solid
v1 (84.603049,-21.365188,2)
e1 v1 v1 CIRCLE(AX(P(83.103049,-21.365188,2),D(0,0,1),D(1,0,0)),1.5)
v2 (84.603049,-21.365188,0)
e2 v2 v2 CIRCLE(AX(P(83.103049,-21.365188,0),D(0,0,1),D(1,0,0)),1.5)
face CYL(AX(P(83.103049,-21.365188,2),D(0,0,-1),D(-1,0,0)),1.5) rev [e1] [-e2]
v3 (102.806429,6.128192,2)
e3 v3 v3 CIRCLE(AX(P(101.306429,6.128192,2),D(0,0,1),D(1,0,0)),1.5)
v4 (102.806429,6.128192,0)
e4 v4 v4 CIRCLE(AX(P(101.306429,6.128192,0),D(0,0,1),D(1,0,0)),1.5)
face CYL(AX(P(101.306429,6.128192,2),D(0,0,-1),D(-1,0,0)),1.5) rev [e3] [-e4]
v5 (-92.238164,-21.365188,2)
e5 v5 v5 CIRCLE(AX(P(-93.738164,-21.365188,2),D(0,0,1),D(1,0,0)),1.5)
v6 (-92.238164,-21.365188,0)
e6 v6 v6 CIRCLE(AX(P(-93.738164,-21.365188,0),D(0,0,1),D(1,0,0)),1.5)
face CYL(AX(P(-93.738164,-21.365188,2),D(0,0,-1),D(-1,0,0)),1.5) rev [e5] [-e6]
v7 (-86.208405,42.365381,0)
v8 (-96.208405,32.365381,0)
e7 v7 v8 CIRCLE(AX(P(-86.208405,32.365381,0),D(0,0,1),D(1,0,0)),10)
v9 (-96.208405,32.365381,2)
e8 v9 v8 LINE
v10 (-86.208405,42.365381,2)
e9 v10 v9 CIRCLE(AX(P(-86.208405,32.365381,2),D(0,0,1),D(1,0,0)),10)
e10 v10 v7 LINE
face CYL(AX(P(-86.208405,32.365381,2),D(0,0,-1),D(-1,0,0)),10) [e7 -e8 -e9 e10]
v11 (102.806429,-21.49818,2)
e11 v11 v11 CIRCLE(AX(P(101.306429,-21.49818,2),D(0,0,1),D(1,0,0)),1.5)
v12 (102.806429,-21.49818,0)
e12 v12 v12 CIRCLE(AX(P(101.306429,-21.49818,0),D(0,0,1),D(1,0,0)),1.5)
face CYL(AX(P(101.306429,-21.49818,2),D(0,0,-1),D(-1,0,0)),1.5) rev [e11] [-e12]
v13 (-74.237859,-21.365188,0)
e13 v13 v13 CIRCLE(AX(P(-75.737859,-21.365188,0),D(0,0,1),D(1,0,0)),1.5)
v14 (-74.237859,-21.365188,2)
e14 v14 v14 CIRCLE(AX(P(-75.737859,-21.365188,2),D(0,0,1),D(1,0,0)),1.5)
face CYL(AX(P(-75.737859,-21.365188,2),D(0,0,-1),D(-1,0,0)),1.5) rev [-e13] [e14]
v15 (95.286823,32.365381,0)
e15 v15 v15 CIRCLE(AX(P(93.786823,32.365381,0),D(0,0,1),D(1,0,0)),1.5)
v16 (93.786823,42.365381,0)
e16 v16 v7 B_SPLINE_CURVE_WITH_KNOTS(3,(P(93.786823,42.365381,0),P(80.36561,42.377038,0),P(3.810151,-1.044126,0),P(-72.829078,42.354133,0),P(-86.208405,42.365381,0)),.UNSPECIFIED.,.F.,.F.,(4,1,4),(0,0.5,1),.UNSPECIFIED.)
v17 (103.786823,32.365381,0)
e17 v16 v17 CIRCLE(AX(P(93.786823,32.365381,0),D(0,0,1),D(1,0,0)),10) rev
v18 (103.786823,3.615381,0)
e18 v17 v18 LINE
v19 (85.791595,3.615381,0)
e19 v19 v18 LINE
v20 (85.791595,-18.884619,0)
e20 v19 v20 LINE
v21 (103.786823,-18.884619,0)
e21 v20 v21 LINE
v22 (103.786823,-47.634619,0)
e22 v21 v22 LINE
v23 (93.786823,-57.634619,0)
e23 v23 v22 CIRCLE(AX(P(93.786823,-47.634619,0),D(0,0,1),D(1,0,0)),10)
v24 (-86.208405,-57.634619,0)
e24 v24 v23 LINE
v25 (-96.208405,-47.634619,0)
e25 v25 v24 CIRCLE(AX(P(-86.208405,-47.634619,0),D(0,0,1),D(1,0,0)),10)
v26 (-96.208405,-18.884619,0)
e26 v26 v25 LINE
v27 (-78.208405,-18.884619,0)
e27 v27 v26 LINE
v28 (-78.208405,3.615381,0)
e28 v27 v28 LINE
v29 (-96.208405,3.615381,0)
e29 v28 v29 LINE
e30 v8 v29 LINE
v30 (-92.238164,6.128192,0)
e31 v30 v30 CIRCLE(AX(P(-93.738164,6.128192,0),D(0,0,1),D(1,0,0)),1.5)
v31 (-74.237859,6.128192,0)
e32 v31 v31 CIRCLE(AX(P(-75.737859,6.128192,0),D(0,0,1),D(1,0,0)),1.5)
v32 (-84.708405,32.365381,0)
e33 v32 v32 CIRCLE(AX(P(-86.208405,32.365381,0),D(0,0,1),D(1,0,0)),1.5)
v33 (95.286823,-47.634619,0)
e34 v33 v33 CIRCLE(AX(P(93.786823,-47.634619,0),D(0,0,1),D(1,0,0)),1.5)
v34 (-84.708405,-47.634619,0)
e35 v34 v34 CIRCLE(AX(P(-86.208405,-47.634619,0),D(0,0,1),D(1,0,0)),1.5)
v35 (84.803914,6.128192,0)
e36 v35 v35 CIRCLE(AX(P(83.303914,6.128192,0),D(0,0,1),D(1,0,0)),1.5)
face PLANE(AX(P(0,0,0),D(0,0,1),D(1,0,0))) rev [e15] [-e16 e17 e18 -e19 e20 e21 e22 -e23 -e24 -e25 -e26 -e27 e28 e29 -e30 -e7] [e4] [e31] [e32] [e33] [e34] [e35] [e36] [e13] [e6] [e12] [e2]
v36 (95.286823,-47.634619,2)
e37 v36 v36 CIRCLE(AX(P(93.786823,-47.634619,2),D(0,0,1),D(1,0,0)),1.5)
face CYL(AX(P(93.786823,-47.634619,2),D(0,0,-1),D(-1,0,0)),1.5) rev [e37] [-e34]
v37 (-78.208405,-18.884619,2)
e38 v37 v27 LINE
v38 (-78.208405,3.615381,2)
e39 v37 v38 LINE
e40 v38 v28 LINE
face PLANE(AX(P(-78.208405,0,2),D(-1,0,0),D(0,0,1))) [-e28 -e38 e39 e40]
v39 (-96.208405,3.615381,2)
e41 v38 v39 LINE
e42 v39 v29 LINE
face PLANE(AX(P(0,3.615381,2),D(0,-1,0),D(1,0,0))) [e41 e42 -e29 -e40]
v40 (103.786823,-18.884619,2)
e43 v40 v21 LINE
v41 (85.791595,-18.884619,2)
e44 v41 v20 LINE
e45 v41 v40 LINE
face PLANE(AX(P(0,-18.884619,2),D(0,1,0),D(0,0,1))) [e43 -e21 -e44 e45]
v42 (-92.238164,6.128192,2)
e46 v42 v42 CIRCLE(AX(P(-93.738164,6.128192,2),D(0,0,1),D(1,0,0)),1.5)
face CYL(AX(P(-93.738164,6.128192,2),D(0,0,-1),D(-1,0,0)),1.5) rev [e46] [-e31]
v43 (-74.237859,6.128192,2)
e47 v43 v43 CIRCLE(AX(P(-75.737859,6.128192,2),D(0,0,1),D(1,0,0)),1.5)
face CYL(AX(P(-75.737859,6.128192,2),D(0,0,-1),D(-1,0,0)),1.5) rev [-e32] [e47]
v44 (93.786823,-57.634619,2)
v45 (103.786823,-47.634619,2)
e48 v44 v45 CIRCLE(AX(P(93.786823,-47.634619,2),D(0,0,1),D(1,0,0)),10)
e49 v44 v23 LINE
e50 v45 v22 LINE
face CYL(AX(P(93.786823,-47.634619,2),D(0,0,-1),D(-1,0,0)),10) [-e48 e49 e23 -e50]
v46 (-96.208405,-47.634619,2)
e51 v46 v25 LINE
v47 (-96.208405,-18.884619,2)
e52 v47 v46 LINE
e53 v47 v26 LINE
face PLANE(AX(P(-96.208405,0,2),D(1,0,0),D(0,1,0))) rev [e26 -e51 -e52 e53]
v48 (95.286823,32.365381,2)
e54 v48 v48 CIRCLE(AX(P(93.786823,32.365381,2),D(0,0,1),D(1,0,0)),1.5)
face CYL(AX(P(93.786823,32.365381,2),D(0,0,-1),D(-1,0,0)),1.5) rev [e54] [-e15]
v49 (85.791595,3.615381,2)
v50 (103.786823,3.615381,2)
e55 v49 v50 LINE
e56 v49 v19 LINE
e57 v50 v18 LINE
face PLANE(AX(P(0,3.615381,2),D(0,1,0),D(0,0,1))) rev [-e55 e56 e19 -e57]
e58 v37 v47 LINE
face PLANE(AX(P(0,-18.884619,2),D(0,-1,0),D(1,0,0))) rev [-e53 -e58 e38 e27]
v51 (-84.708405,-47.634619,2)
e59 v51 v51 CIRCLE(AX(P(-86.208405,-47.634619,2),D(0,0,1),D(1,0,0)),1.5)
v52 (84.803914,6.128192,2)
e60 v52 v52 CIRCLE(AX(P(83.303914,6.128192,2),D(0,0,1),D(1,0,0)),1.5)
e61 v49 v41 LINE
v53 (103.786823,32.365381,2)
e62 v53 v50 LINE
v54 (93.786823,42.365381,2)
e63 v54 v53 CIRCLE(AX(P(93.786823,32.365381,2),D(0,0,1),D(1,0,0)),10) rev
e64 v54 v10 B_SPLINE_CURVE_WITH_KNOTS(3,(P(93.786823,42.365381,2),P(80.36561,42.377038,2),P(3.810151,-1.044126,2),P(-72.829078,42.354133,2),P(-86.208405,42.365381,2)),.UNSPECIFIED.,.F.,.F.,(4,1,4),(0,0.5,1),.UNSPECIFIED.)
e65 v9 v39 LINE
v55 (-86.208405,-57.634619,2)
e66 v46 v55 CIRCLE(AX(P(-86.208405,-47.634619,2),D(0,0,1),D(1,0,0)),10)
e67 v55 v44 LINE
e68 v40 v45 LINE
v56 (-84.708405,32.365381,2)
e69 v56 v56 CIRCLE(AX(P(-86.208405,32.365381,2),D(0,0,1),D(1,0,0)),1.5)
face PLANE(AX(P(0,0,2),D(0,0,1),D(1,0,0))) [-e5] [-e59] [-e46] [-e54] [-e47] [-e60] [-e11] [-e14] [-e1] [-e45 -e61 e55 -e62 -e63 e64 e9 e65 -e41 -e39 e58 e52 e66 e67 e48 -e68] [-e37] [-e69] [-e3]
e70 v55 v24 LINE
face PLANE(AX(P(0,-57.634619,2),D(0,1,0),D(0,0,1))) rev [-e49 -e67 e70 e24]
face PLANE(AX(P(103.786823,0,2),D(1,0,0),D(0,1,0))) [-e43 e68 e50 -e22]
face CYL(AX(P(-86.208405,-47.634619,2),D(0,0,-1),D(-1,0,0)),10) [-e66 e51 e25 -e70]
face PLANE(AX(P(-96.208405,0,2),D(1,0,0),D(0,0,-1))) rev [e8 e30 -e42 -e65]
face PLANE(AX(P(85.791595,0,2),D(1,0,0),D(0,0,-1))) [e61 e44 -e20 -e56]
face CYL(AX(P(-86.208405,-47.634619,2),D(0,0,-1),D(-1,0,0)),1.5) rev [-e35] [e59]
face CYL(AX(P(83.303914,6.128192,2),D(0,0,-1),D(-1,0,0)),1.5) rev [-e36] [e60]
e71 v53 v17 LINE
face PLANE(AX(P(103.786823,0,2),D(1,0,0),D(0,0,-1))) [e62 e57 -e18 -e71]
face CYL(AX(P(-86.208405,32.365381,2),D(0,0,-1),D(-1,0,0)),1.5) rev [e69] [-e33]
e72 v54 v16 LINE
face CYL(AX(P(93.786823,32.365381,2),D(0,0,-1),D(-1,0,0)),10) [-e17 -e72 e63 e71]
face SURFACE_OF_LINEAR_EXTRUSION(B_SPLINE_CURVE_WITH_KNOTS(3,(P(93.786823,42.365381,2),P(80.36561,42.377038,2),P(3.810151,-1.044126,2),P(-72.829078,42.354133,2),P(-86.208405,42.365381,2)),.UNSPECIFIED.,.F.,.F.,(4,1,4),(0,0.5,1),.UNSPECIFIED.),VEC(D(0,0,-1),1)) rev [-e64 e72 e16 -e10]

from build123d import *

# Parameters (mm, degrees)
SKETCH1_R           = 1.5
BOSS_EXTRUDE5_DEPTH = 2


with BuildPart() as part:
    # Sketch1 → Boss-Extrude5 (new body)
    with BuildSketch(Plane.XY):
        with BuildLine():
            Line((-96.208405317, 32.365381328), (-96.208405317, 3.615381328))
            Line((-96.208405317, 3.615381328), (-78.208405317, 3.615381328))
            Line((-78.208405317, 3.615381328), (-78.208405317, -7.634618672))
            Line((-78.208405317, -7.634618672), (-78.208405317, -18.884618672))
            Line((-78.208405317, -18.884618672), (-96.208405317, -18.884618672))
            Line((-96.208405317, -18.884618672), (-96.208405317, -47.634618672))
            ThreePointArc((-96.208405317, -47.634618672), (-93.279473129, -54.705686484), (-86.208405317, -57.634618672))
            Line((-86.208405317, -57.634618672), (93.786822591, -57.634618672))
            ThreePointArc((93.786822591, -57.634618672), (100.857890403, -54.705686484), (103.786822591, -47.634618672))
            Line((103.786822591, -47.634618672), (103.786822591, -18.884618672))
            Line((103.786822591, -18.884618672), (85.791594683, -18.884618672))
            Line((85.791594683, -18.884618672), (85.791594683, -7.634618672))
            Line((85.791594683, -7.634618672), (85.791594683, 3.615381328))
            Line((85.791594683, 3.615381328), (103.786822591, 3.615381328))
            Line((103.786822591, 3.615381328), (103.786822591, 32.365381328))
            ThreePointArc((103.786822591, 32.365381328), (100.857890403, 39.43644914), (93.786822591, 42.365381328))
            add(Edge.make_bspline(
                [(93.786822591, 42.365381328), (80.365609536, 42.377038483), (3.810151403, -1.044125651), (-72.829077796, 42.354133189), (-86.208405317, 42.365381328)],
                knots=[0, 0, 0, 0, 0.5, 1, 1, 1, 1], degree=3))
            ThreePointArc((-86.208405317, 42.365381328), (-93.279473129, 39.43644914), (-96.208405317, 32.365381328))
        make_face()
        with Locations((93.786822591, 32.365381328)):
            Circle(SKETCH1_R, mode=Mode.SUBTRACT)
        with Locations((-86.208405317, 32.365381328)):
            Circle(SKETCH1_R, mode=Mode.SUBTRACT)
        with Locations((-86.208405317, -47.634618672)):
            Circle(SKETCH1_R, mode=Mode.SUBTRACT)
        with Locations((101.306428837, 6.128192253)):
            Circle(SKETCH1_R, mode=Mode.SUBTRACT)
        with Locations((83.303914286, 6.128192253)):
            Circle(SKETCH1_R, mode=Mode.SUBTRACT)
        with Locations((83.103049409, -21.36518771)):
            Circle(SKETCH1_R, mode=Mode.SUBTRACT)
        with Locations((101.306428837, -21.498180437)):
            Circle(SKETCH1_R, mode=Mode.SUBTRACT)
        with Locations((-93.738164493, 6.128192253)):
            Circle(SKETCH1_R, mode=Mode.SUBTRACT)
        with Locations((-75.737858718, 6.128192253)):
            Circle(SKETCH1_R, mode=Mode.SUBTRACT)
        with Locations((-75.737858718, -21.36518771)):
            Circle(SKETCH1_R, mode=Mode.SUBTRACT)
        with Locations((-93.738164493, -21.36518771)):
            Circle(SKETCH1_R, mode=Mode.SUBTRACT)
        with Locations((93.786822591, -47.634618672)):
            Circle(SKETCH1_R, mode=Mode.SUBTRACT)
    extrude(amount=BOSS_EXTRUDE5_DEPTH)


solid = part.part
